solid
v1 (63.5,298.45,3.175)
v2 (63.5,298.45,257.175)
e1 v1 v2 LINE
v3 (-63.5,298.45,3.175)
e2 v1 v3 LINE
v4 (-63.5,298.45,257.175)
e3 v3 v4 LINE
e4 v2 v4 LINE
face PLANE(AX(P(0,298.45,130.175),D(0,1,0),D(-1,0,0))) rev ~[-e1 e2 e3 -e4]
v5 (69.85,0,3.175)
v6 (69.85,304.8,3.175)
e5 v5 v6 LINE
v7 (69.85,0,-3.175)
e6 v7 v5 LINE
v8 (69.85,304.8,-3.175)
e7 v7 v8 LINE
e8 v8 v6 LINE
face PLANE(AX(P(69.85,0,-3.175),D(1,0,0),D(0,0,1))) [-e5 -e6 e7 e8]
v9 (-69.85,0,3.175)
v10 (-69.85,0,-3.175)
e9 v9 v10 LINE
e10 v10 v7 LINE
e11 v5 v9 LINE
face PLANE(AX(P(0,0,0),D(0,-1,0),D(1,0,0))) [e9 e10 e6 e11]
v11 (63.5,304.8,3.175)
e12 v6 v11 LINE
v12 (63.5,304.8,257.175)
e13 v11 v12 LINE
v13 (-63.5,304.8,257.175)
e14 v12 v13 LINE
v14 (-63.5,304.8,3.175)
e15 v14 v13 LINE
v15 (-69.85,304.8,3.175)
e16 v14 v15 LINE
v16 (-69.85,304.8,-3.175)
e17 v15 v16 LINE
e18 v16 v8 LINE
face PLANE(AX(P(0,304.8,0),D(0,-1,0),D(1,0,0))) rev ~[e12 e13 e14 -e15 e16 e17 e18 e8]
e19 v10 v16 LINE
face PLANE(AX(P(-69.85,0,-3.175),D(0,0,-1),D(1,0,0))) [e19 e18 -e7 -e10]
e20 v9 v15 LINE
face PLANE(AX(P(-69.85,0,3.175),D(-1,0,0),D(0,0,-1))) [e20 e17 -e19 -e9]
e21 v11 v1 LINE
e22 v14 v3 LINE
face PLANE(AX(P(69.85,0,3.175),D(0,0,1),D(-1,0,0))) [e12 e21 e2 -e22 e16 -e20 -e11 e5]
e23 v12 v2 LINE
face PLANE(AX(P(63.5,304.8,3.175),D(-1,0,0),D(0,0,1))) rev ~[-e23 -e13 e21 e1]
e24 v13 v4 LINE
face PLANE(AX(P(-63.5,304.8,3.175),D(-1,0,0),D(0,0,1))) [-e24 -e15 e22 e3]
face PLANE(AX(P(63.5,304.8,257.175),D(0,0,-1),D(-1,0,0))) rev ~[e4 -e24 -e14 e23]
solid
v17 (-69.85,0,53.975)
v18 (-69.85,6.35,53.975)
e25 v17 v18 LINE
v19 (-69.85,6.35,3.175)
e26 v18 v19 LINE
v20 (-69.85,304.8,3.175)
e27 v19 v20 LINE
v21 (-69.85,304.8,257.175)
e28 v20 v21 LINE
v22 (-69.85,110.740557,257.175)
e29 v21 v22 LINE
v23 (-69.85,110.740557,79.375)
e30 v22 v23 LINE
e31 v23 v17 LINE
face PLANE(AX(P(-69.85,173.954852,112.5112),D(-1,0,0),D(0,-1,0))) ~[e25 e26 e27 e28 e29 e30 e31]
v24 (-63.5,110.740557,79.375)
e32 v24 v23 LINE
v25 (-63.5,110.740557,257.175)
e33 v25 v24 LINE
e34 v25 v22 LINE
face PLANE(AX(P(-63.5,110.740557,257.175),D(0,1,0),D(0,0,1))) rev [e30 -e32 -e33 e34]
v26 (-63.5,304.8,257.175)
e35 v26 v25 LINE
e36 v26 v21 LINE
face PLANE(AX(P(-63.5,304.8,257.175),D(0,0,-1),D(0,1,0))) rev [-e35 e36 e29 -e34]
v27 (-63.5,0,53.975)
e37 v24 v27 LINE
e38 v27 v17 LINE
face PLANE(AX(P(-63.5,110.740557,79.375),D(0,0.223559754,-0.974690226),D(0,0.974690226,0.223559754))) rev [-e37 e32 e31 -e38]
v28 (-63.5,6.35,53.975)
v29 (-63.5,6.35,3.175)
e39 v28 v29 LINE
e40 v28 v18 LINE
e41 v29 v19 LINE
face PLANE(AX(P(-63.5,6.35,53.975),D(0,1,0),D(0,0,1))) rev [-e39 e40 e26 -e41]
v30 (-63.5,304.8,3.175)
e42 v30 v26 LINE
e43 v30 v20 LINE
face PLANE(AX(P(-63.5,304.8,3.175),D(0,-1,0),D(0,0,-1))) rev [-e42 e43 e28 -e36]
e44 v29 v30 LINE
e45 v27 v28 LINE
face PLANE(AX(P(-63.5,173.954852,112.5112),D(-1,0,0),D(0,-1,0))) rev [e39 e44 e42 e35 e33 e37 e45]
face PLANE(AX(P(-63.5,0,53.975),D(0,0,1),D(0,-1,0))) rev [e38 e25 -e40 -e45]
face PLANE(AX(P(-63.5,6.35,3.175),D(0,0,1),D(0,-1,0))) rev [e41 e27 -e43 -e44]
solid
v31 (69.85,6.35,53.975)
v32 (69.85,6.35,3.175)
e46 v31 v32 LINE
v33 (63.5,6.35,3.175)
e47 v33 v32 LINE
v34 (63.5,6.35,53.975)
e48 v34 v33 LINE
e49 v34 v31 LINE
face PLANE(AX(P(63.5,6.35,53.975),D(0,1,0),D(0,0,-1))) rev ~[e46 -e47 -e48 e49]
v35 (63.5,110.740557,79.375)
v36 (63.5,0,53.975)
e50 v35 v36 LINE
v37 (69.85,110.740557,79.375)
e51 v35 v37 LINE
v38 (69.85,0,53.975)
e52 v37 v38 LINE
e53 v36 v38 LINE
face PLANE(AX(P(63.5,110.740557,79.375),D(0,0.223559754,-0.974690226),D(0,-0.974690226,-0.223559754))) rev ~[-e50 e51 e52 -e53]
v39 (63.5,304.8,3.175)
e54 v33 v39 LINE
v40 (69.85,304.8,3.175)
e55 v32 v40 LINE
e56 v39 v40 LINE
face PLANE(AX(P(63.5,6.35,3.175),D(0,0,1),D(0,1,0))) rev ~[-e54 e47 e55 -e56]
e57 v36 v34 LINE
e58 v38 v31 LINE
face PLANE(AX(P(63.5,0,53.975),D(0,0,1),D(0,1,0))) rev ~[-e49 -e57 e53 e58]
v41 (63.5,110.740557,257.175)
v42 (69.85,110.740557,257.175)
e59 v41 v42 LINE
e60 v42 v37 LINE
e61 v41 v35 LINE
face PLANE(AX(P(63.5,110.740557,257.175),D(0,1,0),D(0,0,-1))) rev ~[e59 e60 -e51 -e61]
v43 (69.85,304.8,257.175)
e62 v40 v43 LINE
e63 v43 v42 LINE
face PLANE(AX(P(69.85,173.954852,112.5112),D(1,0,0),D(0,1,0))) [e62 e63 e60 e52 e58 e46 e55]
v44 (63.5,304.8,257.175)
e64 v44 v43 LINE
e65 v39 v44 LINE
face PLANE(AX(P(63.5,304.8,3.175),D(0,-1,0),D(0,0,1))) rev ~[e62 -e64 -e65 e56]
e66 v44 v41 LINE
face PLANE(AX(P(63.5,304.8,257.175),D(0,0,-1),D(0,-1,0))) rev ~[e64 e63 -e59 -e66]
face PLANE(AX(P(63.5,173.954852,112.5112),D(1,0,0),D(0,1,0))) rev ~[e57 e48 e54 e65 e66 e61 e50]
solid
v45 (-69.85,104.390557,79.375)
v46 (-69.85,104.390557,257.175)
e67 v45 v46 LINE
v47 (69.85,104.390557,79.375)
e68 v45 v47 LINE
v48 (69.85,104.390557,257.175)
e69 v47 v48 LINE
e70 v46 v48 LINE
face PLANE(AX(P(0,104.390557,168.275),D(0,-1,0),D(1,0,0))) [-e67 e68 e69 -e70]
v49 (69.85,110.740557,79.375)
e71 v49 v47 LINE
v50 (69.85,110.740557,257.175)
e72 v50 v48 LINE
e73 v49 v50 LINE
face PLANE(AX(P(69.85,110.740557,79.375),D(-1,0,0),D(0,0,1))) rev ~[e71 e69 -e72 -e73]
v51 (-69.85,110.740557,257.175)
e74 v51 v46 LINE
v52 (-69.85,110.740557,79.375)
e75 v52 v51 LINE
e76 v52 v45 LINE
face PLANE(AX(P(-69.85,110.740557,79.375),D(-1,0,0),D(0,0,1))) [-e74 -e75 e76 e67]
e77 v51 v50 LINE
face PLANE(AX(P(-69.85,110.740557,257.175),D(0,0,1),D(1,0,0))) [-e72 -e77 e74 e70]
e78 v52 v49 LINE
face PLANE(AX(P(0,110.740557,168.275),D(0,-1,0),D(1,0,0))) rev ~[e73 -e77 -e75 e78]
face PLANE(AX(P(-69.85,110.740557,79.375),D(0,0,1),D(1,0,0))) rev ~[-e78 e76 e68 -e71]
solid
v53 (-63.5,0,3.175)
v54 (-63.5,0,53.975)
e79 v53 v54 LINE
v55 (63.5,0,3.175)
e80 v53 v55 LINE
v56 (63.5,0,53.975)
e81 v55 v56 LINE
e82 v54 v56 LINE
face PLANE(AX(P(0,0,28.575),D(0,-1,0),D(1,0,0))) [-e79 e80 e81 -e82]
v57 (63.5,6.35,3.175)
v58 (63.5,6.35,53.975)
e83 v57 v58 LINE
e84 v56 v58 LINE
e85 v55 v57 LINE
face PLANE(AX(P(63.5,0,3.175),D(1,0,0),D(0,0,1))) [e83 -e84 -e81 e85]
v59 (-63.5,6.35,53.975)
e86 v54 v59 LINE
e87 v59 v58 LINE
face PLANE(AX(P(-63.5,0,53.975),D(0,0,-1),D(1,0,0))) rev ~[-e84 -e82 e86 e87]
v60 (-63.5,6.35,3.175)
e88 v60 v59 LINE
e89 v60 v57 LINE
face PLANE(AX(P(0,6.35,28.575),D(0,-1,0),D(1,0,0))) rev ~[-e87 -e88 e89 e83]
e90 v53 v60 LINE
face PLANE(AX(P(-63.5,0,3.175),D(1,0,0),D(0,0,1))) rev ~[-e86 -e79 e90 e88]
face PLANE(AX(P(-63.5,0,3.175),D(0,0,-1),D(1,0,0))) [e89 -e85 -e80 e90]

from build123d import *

# Parameters (mm, degrees)
F1_DEPTH  = 304.8
F0_W      = 127
F0_H      = 50.8
F2_DEPTH  = 6.35
F3_W      = 127
F3_H      = 254
F4_DEPTH  = 6.35
F7_DEPTH  = 6.35
F9_W      = 139.7
F9_H      = 177.8
F10_DEPTH = 6.35


with BuildPart() as f1:
    # F0 (on Front) → F1 (new body)
    with BuildSketch(Plane.XZ):
        Polygon((-69.85, -3.175), (69.85, -3.175), (69.85, 3.175), (63.5, 3.175), (-63.5, 3.175), (-69.85, 3.175), align=None)
    extrude(amount=-F1_DEPTH)

    # F3 (on face) → F4 (join)
    with BuildSketch(Plane(origin=(0, 304.8, 0), x_dir=(-1, 0, 0), z_dir=(0, 1, 0))):
        with Locations((0, 130.175)):
            Rectangle(F3_W, F3_H)
    extrude(amount=-F4_DEPTH)


with BuildPart() as f2:
    # F0 (on Front) → F2 (new body)
    with BuildSketch(Plane.XZ):
        with Locations((0, 28.575)):
            Rectangle(F0_W, F0_H)
    extrude(amount=-F2_DEPTH)


with BuildPart() as f7:
    # F6 (on offset) → F7 (new body)
    with BuildSketch(Plane.YZ.offset(63.5)):
        Polygon((6.35, 53.975), (6.35, 3.175), (298.45, 3.175), (304.8, 3.175), (304.8, 257.175), (298.45, 257.175), (110.740557, 257.175), (110.740557, 79.375), (0, 53.975), align=None)
    extrude(amount=F7_DEPTH)


with BuildPart() as f8_1:
    # F8: instance of F7
    add(f7.part.mirror(Plane.YZ))


with BuildPart() as f10:
    # F9 (on face) → F10 (new body)
    with BuildSketch(Plane.XZ.offset(-110.740557)):
        with Locations((0, 168.275)):
            Rectangle(F9_W, F9_H)
    extrude(amount=F10_DEPTH)


solid = Compound([f1.part, f2.part, f7.part, f8_1.part, f10.part])
